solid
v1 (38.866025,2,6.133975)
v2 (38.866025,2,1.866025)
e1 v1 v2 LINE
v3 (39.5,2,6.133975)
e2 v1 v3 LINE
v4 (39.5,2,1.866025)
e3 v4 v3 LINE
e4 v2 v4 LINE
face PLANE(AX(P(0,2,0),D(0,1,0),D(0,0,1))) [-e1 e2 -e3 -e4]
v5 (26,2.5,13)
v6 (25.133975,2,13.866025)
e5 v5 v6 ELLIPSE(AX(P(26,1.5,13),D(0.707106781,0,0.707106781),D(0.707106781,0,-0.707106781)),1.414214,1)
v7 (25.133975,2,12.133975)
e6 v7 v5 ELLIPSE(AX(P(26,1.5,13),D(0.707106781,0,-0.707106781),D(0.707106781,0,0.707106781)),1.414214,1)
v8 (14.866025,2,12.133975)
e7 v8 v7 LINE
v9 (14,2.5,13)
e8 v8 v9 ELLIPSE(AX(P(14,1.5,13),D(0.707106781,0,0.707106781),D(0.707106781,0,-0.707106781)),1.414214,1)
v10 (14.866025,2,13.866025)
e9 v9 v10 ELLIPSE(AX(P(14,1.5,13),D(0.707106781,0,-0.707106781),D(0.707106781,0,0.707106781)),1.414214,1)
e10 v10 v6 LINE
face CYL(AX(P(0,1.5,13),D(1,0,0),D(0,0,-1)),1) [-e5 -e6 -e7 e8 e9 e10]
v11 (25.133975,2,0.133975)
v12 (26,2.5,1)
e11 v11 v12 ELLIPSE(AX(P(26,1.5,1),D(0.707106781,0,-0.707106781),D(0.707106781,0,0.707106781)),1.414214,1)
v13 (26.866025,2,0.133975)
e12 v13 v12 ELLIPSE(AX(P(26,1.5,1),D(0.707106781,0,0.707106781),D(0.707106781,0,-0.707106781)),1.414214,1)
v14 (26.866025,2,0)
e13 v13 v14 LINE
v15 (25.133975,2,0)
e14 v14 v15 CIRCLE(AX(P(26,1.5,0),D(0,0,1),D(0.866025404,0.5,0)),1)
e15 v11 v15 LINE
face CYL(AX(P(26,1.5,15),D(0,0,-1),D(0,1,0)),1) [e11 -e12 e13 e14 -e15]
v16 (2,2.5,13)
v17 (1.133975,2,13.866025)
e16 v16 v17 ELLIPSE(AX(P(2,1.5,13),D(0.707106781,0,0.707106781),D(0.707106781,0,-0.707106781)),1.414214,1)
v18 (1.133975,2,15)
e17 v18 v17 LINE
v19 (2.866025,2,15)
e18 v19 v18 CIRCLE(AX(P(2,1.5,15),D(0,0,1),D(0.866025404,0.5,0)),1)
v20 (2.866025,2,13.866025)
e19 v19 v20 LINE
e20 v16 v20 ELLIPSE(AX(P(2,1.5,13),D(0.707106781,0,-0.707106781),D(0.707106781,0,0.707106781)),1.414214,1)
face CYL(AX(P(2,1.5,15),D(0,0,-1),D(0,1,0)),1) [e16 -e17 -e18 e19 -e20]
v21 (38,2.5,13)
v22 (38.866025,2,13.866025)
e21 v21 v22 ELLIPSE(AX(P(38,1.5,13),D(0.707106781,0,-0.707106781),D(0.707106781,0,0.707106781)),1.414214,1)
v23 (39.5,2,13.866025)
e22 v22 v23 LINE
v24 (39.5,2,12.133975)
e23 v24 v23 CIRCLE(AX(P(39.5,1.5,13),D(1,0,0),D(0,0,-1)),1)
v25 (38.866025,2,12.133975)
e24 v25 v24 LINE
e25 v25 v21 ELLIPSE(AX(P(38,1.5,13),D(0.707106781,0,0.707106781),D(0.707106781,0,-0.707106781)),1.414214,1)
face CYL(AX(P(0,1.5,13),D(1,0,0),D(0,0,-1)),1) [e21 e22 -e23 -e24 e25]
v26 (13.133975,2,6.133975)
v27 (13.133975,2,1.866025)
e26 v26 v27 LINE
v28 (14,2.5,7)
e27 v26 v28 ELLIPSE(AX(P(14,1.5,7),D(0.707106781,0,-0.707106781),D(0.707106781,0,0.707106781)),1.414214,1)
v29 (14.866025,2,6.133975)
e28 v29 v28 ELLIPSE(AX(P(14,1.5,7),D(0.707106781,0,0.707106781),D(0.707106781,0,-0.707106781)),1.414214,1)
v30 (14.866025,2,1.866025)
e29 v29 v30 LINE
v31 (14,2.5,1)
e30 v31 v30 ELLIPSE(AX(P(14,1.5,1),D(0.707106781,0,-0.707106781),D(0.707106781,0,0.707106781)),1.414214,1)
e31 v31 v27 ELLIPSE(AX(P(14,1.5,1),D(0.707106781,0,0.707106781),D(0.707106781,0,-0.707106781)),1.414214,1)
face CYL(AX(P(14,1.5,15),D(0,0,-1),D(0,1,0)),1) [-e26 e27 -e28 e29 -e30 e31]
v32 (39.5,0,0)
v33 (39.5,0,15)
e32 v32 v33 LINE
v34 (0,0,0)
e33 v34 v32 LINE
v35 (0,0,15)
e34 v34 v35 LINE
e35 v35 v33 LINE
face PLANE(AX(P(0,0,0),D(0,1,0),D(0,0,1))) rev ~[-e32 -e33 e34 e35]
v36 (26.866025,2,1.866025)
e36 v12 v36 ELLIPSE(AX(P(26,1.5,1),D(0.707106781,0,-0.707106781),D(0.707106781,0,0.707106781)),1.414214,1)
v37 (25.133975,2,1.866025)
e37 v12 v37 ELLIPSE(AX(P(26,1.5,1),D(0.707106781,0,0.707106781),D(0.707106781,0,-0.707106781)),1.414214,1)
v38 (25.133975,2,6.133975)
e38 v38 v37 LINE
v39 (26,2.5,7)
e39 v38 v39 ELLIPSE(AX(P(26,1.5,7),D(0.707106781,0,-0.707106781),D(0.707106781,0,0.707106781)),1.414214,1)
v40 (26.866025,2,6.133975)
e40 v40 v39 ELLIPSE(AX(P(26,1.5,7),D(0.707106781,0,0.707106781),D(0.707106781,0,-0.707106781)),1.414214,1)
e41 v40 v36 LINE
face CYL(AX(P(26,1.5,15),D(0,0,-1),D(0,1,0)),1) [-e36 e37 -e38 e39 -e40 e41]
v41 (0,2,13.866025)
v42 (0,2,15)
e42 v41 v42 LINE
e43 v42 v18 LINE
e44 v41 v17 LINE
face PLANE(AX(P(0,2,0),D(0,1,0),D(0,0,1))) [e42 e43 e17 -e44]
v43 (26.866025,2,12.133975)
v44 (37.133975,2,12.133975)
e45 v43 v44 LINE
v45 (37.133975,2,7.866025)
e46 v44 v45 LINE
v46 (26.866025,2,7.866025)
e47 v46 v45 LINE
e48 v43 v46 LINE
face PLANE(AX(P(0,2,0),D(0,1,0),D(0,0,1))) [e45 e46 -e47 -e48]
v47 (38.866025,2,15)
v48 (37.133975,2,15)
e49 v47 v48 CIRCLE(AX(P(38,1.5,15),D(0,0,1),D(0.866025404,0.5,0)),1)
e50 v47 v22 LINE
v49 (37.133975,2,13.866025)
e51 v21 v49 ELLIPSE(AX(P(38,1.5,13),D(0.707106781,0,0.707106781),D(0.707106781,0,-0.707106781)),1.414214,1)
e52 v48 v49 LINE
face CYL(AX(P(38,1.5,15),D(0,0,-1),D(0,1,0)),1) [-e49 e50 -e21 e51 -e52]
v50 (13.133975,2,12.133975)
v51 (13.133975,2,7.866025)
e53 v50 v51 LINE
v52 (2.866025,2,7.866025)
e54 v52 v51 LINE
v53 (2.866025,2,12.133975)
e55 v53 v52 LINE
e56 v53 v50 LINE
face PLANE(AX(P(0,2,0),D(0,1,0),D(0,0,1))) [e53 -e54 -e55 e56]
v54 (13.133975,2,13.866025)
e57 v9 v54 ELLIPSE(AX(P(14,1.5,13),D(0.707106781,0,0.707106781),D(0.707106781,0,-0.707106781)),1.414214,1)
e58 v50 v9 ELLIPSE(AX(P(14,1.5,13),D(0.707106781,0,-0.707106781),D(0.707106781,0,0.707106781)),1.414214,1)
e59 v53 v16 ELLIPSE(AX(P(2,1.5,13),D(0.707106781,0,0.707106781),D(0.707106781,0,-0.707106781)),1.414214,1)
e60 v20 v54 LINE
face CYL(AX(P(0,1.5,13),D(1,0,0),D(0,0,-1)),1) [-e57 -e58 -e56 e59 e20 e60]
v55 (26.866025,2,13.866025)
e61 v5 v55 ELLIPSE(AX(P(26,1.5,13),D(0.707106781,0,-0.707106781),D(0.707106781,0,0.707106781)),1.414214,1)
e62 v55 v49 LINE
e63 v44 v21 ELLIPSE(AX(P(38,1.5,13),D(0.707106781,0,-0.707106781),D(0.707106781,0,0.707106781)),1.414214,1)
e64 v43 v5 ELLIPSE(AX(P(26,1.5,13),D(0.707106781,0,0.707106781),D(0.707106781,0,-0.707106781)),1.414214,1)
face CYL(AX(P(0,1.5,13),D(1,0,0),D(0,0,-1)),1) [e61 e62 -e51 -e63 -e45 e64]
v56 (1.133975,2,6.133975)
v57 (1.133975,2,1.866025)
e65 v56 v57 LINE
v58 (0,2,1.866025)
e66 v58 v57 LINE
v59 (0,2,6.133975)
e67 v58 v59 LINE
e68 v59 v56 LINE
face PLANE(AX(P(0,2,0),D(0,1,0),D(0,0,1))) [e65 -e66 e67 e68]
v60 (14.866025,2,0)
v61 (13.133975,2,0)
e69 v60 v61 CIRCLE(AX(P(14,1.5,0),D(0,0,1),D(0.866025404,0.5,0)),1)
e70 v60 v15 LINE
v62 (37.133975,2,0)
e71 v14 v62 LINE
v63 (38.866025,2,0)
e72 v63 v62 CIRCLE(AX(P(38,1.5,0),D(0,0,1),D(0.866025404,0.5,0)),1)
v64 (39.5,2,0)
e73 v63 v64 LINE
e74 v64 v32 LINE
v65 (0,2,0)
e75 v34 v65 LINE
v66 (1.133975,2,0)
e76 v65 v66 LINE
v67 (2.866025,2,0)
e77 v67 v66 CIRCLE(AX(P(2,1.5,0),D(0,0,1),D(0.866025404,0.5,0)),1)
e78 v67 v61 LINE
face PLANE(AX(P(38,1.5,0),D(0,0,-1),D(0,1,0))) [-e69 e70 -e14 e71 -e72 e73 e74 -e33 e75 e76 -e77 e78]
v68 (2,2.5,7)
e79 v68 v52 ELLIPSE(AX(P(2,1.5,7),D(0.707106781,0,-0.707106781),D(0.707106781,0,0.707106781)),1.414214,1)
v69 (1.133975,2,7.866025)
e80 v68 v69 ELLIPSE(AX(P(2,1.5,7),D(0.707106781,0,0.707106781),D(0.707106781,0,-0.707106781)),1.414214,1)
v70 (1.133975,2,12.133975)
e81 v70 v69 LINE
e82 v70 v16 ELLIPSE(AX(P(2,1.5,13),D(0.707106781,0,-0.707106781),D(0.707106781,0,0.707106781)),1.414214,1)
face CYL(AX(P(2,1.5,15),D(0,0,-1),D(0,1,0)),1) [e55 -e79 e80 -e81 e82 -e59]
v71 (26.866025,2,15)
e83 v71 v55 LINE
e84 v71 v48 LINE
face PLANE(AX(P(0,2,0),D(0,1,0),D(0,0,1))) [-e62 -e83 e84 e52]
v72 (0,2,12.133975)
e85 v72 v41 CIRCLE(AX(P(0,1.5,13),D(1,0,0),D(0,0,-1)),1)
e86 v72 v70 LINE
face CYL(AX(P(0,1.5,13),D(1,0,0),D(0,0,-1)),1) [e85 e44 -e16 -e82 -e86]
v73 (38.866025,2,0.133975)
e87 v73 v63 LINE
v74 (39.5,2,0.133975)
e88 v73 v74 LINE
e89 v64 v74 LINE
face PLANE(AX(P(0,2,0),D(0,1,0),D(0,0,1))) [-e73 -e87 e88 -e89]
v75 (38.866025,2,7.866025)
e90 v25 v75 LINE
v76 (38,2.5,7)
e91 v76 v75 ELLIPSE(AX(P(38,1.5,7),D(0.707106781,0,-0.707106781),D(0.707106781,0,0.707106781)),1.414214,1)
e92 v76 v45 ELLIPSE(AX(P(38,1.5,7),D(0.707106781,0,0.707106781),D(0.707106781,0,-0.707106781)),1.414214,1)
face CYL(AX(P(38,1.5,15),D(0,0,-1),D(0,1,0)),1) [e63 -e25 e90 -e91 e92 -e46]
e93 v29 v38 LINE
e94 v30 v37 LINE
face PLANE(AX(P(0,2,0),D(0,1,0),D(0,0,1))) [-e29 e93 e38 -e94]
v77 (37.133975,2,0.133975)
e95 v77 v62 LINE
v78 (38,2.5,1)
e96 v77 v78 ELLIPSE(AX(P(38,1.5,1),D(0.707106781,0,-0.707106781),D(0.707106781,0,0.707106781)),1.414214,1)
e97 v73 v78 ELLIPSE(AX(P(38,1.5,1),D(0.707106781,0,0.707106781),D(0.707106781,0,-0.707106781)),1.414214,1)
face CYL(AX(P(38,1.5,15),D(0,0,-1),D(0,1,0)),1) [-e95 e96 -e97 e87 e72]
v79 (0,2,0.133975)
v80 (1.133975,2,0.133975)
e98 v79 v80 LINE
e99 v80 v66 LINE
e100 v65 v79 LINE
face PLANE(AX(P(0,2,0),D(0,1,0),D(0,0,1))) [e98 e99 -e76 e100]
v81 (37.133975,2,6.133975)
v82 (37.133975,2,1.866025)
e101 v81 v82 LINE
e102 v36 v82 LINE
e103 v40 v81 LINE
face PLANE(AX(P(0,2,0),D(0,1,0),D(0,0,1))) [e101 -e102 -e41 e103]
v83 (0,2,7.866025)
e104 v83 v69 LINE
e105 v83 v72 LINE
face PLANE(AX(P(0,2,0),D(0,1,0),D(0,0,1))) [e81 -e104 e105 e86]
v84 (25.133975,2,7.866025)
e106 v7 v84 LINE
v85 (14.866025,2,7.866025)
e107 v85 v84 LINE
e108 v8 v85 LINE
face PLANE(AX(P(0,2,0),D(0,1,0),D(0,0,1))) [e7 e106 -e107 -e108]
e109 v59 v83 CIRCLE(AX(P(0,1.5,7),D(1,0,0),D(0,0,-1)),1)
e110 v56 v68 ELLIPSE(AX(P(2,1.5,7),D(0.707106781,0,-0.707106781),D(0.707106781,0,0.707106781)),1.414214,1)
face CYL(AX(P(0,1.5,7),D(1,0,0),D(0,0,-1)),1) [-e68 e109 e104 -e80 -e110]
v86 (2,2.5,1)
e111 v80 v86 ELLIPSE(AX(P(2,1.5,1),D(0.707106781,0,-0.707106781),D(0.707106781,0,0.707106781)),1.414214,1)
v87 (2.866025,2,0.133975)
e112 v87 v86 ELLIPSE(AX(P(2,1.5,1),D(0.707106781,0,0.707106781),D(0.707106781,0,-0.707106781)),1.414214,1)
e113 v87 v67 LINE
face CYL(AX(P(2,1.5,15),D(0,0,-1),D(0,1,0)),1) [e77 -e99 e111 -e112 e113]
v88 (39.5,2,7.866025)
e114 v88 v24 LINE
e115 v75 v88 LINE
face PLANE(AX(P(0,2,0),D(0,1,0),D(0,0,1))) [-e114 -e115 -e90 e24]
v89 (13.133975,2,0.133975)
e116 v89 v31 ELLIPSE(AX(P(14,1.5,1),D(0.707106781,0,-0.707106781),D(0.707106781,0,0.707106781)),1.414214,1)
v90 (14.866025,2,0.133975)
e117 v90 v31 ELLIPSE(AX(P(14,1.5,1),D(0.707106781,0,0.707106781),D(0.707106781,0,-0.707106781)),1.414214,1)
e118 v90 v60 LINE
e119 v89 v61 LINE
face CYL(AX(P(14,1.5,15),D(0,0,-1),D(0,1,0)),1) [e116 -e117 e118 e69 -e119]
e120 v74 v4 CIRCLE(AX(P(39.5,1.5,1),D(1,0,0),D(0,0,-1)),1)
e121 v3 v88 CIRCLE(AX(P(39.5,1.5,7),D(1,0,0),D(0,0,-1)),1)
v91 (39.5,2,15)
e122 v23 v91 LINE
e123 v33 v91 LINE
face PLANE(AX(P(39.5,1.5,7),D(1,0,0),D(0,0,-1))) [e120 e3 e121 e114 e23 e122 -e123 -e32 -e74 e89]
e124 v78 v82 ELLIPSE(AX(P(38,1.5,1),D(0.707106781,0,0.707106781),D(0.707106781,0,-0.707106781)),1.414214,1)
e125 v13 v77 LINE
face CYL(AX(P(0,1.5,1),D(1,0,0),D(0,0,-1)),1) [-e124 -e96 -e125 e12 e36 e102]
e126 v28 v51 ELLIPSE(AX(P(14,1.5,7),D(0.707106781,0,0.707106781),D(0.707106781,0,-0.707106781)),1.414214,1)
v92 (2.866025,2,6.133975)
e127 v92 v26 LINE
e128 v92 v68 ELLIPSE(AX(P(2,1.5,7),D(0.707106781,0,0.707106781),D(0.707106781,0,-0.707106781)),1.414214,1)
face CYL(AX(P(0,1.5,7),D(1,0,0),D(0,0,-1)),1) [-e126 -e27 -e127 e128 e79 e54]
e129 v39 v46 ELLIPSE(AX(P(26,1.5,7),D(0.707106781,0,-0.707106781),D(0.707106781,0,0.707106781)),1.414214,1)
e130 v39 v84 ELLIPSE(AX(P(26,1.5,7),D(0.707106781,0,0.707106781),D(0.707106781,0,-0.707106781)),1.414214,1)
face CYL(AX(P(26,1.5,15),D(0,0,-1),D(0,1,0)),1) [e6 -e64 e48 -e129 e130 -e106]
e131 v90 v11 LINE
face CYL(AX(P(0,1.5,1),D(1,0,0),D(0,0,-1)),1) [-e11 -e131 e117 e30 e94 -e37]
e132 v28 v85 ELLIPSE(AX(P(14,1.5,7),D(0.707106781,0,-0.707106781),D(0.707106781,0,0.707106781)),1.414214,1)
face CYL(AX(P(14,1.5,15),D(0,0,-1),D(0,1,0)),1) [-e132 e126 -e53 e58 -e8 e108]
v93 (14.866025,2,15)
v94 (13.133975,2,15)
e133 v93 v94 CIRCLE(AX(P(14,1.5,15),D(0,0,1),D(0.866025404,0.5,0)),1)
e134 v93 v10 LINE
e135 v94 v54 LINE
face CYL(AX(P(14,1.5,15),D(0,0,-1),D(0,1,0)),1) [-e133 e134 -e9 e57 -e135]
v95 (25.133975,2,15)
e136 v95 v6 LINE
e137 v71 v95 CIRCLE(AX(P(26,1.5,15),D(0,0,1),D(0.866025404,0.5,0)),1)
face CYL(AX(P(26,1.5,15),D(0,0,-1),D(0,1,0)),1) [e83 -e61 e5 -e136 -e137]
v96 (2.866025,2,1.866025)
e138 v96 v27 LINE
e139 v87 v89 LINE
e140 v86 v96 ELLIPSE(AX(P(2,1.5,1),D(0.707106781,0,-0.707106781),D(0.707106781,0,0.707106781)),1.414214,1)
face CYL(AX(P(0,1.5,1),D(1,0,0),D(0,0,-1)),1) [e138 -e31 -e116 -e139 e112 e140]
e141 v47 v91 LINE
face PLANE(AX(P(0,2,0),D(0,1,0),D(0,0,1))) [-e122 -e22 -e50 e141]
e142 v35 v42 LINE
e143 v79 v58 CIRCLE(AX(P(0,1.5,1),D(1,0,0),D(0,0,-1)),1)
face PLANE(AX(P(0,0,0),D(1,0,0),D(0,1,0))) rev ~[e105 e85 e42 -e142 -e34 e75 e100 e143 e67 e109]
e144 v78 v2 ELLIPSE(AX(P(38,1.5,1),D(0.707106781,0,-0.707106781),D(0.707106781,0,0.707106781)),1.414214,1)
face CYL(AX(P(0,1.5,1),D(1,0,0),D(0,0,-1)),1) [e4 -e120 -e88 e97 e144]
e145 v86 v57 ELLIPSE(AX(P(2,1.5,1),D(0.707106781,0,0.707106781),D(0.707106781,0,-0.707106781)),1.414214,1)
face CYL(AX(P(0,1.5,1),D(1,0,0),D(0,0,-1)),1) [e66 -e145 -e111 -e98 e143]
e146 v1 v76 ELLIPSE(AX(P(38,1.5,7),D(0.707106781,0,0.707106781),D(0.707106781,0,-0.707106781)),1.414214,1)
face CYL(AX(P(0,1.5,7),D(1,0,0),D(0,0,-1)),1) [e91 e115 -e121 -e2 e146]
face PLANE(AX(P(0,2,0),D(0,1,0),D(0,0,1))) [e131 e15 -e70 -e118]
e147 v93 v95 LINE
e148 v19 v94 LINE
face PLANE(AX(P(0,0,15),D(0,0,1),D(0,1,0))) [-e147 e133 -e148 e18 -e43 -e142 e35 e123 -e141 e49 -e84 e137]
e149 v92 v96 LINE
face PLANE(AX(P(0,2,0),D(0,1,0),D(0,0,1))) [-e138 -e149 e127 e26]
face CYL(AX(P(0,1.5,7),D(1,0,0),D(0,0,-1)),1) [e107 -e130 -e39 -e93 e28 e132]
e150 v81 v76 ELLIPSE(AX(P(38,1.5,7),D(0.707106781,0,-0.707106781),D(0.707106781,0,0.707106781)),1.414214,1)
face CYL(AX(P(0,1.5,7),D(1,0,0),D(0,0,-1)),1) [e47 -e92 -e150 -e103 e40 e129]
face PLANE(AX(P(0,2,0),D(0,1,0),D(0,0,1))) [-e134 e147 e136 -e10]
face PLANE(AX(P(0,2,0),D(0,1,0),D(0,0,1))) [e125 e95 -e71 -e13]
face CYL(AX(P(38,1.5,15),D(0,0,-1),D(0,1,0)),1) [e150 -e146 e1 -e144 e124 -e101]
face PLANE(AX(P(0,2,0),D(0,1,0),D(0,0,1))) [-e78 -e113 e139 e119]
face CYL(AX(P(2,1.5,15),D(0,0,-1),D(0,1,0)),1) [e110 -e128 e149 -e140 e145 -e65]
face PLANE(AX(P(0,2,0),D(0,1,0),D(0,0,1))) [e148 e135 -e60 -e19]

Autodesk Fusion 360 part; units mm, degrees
box "BoxPrimitive1" add length 15 width 39.5 height 2 placed x (0, 0, 1) y (1, 0, 0) z (0, 1, 0) at (0, 0, 0)
sketch "Sketch2" plane through (0, 0, 0) normal (1, 0, 0) x (0, 0, -1)
cylinder "CylinderPrimitive1" add diameter 2 height 39.5 placed x (0, 0, -1) y (0, 1, 0) z (1, 0, 0) at (0, 1.5, 1)
cylinder "CylinderPrimitive2" add diameter 2 height -39.5 placed x (0, 0, -1) y (0, 1, 0) z (1, 0, 0) at (39.5, 1.5, 7)
cylinder "CylinderPrimitive3" add diameter 2 height -39.5 placed x (0, 0, -1) y (0, 1, 0) z (1, 0, 0) at (39.5, 1.5, 13)
cylinder "CylinderPrimitive4" add diameter 2 height -15 placed x (0, 1, 0) y (1, 0, 0) z (0, 0, -1) at (2, 1.5, 0)
cylinder "CylinderPrimitive6" add diameter 2 height -15 placed x (0, 1, 0) y (1, 0, 0) z (0, 0, -1) at (14, 1.5, 0)
cylinder "CylinderPrimitive8" add diameter 2 height -15 placed x (0, 1, 0) y (1, 0, 0) z (0, 0, -1) at (26, 1.5, 0)
cylinder "CylinderPrimitive10" add diameter 2 height -15 placed x (0, 1, 0) y (1, 0, 0) z (0, 0, -1) at (38, 1.5, 0)
